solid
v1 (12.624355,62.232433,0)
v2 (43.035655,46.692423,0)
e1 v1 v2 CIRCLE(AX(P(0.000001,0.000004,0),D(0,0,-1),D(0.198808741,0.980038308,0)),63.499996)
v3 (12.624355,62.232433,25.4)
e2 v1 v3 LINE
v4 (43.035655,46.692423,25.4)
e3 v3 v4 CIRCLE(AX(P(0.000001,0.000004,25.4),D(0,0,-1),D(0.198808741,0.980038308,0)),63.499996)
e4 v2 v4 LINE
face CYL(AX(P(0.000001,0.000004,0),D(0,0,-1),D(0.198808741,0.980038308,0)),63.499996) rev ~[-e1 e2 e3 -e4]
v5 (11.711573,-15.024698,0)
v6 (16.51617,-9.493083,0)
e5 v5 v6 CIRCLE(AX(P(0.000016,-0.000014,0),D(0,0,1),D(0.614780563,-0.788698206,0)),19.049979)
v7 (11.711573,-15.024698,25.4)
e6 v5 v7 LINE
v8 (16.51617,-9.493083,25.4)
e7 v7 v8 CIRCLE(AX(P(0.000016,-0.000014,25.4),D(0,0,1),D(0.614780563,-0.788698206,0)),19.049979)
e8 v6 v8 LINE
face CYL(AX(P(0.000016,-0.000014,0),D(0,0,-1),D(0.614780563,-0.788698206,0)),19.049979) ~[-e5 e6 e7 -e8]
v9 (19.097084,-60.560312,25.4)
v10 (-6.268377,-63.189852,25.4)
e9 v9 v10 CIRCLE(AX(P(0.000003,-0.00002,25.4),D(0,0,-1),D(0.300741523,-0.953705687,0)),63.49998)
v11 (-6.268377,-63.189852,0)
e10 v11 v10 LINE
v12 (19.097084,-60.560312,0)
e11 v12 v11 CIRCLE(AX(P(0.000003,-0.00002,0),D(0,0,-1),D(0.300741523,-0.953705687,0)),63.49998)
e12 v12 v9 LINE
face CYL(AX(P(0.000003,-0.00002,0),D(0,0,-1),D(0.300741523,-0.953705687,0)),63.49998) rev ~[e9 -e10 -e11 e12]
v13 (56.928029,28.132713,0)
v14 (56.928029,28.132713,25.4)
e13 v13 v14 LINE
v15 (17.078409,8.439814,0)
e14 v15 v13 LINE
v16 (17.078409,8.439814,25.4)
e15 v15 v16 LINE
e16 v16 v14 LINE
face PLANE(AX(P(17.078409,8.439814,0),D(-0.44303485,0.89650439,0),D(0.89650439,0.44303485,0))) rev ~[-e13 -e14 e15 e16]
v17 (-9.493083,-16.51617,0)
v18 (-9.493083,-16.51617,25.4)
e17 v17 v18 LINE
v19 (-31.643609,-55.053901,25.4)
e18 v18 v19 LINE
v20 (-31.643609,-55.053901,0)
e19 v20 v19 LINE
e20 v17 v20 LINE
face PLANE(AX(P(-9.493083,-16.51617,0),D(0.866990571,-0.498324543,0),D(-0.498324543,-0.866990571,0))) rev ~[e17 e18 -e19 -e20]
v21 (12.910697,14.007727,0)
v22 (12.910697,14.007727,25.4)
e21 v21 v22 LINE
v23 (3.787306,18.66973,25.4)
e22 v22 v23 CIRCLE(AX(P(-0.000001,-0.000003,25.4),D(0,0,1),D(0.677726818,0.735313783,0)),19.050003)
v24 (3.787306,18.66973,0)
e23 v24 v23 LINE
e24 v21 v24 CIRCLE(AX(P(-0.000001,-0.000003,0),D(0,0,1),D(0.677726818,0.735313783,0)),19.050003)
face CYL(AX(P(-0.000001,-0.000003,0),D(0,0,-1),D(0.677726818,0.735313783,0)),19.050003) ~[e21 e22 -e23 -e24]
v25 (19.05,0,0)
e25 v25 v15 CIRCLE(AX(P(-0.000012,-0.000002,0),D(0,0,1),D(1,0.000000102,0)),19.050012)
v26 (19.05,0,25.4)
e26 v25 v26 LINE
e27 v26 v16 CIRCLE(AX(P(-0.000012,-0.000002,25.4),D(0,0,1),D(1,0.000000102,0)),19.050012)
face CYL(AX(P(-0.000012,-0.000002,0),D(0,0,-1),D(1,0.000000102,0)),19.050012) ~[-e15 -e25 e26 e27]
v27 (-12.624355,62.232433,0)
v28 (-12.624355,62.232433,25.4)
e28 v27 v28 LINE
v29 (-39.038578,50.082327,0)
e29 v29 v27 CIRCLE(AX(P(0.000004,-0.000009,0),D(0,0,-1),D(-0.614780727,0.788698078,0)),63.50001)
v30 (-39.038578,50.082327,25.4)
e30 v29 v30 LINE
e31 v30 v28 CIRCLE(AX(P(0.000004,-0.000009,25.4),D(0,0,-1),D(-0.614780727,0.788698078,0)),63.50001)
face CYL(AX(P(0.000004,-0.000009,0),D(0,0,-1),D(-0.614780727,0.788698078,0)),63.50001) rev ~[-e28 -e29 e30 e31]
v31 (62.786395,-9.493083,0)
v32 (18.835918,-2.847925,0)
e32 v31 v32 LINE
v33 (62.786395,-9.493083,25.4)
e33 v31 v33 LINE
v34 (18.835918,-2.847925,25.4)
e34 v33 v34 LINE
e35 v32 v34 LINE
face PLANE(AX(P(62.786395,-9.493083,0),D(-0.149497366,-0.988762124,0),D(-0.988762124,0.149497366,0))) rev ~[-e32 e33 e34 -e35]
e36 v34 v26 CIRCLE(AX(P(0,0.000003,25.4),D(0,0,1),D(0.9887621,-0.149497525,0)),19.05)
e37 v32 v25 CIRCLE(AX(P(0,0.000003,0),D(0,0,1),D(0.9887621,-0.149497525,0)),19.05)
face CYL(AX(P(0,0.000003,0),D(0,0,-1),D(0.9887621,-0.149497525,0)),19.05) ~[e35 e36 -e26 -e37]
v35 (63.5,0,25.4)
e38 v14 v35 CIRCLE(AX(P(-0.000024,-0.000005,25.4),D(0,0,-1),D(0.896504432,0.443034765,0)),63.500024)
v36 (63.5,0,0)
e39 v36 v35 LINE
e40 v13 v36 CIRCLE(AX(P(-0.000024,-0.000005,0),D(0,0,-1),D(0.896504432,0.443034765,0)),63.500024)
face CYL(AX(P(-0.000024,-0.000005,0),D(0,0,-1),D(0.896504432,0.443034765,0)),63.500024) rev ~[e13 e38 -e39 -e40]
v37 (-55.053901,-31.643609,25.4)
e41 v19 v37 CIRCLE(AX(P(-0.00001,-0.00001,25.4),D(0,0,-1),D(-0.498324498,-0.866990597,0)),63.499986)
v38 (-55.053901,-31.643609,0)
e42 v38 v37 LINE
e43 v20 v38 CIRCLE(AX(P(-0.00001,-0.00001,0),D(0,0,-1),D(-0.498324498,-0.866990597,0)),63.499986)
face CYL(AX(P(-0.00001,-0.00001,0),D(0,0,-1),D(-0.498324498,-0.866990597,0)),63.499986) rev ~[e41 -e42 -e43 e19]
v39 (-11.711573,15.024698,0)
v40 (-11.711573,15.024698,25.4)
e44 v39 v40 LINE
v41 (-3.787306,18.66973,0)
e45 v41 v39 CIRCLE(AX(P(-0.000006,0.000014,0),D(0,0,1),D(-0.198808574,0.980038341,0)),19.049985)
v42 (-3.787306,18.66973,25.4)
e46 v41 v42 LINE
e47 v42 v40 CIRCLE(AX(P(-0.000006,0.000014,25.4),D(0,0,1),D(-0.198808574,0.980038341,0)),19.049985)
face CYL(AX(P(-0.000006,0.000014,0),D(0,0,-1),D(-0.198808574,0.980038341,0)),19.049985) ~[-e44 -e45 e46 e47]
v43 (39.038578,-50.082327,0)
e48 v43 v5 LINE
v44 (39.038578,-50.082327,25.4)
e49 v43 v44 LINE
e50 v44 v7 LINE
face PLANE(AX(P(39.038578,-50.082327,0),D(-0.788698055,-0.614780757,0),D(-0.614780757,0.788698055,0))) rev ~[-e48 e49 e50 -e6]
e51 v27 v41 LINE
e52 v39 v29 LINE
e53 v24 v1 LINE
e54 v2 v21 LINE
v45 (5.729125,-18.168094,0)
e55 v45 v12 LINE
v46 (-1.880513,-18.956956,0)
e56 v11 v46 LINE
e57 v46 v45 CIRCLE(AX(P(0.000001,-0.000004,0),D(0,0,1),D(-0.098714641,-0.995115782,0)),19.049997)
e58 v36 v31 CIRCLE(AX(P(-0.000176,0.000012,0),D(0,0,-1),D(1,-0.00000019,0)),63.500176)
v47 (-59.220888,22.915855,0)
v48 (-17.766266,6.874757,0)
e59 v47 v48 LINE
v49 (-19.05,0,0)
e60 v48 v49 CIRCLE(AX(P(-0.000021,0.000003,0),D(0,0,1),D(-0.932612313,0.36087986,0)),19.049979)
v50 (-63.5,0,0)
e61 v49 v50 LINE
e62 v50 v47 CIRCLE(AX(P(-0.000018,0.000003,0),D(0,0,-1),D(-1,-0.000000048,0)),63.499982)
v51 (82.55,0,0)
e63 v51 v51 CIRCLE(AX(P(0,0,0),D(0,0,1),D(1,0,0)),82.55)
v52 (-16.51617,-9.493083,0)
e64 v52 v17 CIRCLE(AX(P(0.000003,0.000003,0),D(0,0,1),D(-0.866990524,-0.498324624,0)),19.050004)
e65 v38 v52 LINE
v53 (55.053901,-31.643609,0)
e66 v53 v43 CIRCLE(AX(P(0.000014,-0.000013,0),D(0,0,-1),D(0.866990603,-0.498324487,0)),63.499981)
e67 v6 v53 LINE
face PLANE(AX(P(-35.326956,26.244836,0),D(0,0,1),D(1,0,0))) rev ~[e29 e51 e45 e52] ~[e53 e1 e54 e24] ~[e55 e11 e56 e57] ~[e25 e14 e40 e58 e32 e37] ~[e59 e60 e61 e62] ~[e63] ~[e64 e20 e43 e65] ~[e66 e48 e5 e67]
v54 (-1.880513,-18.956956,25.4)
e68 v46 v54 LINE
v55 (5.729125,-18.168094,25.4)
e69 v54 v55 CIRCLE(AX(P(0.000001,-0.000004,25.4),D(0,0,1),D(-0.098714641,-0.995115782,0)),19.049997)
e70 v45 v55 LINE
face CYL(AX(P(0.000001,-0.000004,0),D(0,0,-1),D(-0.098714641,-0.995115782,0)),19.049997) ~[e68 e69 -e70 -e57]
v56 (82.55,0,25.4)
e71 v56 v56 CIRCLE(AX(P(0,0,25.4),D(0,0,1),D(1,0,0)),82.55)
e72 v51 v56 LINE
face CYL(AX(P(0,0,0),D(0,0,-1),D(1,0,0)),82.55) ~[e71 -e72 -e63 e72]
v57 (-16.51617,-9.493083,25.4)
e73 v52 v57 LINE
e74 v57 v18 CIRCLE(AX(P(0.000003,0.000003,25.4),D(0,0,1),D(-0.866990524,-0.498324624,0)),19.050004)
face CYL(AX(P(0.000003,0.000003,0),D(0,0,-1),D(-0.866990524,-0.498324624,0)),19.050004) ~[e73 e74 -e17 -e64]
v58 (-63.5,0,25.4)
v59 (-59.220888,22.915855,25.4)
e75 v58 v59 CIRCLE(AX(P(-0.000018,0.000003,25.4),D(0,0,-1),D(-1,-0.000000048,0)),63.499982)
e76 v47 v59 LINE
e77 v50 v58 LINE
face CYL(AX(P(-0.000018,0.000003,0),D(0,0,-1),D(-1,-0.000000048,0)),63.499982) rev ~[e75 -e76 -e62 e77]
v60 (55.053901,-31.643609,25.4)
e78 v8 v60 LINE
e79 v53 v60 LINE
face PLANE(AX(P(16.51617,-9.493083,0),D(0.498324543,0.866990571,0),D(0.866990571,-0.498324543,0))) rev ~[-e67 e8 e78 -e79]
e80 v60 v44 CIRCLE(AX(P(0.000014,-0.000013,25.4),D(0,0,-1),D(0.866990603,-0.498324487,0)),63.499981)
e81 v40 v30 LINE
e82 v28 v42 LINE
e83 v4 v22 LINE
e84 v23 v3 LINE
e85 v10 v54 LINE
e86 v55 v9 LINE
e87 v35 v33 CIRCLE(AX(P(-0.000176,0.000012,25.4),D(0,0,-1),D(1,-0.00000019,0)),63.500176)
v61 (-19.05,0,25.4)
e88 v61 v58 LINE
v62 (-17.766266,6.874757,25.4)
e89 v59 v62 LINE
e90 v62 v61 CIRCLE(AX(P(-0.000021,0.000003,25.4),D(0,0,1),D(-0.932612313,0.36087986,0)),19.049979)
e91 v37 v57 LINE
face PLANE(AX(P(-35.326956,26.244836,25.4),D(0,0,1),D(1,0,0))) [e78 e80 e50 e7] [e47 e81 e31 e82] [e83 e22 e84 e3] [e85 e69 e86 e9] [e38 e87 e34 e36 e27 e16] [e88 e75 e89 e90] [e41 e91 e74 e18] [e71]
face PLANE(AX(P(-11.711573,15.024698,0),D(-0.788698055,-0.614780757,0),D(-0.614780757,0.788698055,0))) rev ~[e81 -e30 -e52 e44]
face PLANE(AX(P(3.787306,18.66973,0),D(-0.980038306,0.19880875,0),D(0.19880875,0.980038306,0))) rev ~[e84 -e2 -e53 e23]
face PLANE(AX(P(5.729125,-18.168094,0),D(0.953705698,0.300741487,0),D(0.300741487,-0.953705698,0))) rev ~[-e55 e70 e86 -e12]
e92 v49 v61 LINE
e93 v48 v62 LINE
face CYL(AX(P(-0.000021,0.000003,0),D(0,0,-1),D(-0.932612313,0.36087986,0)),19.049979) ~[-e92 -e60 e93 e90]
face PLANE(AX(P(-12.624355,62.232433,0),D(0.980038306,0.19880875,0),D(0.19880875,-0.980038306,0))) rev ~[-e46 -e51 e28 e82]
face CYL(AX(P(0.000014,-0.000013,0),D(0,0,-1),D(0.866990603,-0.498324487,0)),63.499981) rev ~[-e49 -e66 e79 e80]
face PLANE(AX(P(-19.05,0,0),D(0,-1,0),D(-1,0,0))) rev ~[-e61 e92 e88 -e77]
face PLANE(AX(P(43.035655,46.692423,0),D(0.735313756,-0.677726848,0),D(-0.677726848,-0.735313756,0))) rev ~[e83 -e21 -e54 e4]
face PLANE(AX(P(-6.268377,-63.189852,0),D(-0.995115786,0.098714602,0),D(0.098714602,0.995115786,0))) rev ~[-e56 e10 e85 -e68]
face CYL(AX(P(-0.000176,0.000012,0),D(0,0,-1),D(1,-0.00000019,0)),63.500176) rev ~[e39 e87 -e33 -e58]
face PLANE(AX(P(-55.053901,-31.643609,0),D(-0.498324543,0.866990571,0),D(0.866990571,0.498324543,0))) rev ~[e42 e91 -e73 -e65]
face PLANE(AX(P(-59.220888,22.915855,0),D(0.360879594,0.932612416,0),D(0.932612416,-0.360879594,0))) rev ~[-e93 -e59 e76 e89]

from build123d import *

# Parameters (mm, degrees)
F0_R     = 82.55
F1_DEPTH = 25.4
F2_DEPTH = 25.4


with BuildPart() as f1:
    # F0 (on Top) → F1 (new body)
    with BuildSketch(Plane.XY):
        Circle(F0_R)
        with BuildLine():
            ThreePointArc((56.928029, 28.132713), (61.835183, 14.445071), (63.5, 0))
            ThreePointArc((63.5, 0), (63.321347, -4.759933), (62.786395, -9.493083))
            ThreePointArc((62.786395, -9.493083), (59.952025, -20.928562), (55.053901, -31.643609))
            ThreePointArc((55.053901, -31.643609), (47.94106, -41.640183), (39.038578, -50.082327))
            ThreePointArc((39.038578, -50.082327), (29.536178, -56.212669), (19.097084, -60.560312))
            ThreePointArc((19.097084, -60.560312), (6.547713, -63.161519), (-6.268377, -63.189852))
            ThreePointArc((-6.268377, -63.189852), (-19.387576, -60.467941), (-31.643609, -55.053901))
            ThreePointArc((-31.643609, -55.053901), (-44.901281, -44.901281), (-55.053901, -31.643609))
            ThreePointArc((-55.053901, -31.643609), (-61.35215, -16.375703), (-63.5, 0))
            ThreePointArc((-63.5, 0), (-62.421056, 11.655977), (-59.220888, 22.915855))
            ThreePointArc((-59.220888, 22.915855), (-50.972884, 37.868391), (-39.038578, 50.082327))
            ThreePointArc((-39.038578, 50.082327), (-26.536219, 57.689506), (-12.624355, 62.232433))
            ThreePointArc((-12.624355, 62.232433), (0, 63.5), (12.624355, 62.232433))
            ThreePointArc((12.624355, 62.232433), (28.894327, 56.545273), (43.035655, 46.692423))
            ThreePointArc((43.035655, 46.692423), (50.836013, 38.051935), (56.928029, 28.132713))
        make_face(mode=Mode.SUBTRACT)
    extrude(amount=F1_DEPTH)

    # F0 (on Top) → F2 (join)
    with BuildSketch(Plane.XY):
        with BuildLine():
            Line((-11.711573, 15.024698), (-39.038578, 50.082327))
            ThreePointArc((-39.038578, 50.082327), (-50.972884, 37.868391), (-59.220888, 22.915855))
            Line((-59.220888, 22.915855), (-17.766266, 6.874757))
            ThreePointArc((-17.766266, 6.874757), (-15.291865, 11.360517), (-11.711573, 15.024698))
        make_face()
        with BuildLine():
            Line((-19.05, 0), (-63.5, 0))
            ThreePointArc((-63.5, 0), (-61.35215, -16.375703), (-55.053901, -31.643609))
            Line((-55.053901, -31.643609), (-16.51617, -9.493083))
            ThreePointArc((-16.51617, -9.493083), (-18.405645, -4.912711), (-19.05, 0))
        make_face()
        with BuildLine():
            ThreePointArc((-31.643609, -55.053901), (-19.387576, -60.467941), (-6.268377, -63.189852))
            Line((-6.268377, -63.189852), (-1.880513, -18.956956))
            ThreePointArc((-1.880513, -18.956956), (-5.816273, -18.140382), (-9.493083, -16.51617))
            Line((-9.493083, -16.51617), (-31.643609, -55.053901))
        make_face()
        with BuildLine():
            ThreePointArc((19.097084, -60.560312), (29.536178, -56.212669), (39.038578, -50.082327))
            Line((39.038578, -50.082327), (11.711573, -15.024698))
            ThreePointArc((11.711573, -15.024698), (8.860853, -16.863801), (5.729125, -18.168094))
            Line((5.729125, -18.168094), (19.097084, -60.560312))
        make_face()
        with BuildLine():
            ThreePointArc((55.053901, -31.643609), (59.952025, -20.928562), (62.786395, -9.493083))
            Line((62.786395, -9.493083), (18.835918, -2.847925))
            ThreePointArc((18.835918, -2.847925), (17.985607, -6.278569), (16.51617, -9.493083))
            Line((16.51617, -9.493083), (55.053901, -31.643609))
        make_face()
        with BuildLine():
            Line((17.078409, 8.439814), (56.928029, 28.132713))
            ThreePointArc((56.928029, 28.132713), (50.836013, 38.051935), (43.035655, 46.692423))
            Line((43.035655, 46.692423), (12.910697, 14.007727))
            ThreePointArc((12.910697, 14.007727), (15.250804, 11.415581), (17.078409, 8.439814))
        make_face()
        with BuildLine():
            Line((3.787306, 18.66973), (12.624355, 62.232433))
            ThreePointArc((12.624355, 62.232433), (0, 63.5), (-12.624355, 62.232433))
            Line((-12.624355, 62.232433), (-3.787306, 18.66973))
            ThreePointArc((-3.787306, 18.66973), (0, 19.05), (3.787306, 18.66973))
        make_face()
        with BuildLine():
            ThreePointArc((19.05, 0), (18.550555, 4.333521), (17.078409, 8.439814))
            ThreePointArc((17.078409, 8.439814), (15.250804, 11.415581), (12.910697, 14.007727))
            ThreePointArc((12.910697, 14.007727), (8.668298, 16.963582), (3.787306, 18.66973))
            ThreePointArc((3.787306, 18.66973), (0, 19.05), (-3.787306, 18.66973))
            ThreePointArc((-3.787306, 18.66973), (-7.960866, 17.306852), (-11.711573, 15.024698))
            ThreePointArc((-11.711573, 15.024698), (-15.291865, 11.360517), (-17.766266, 6.874757))
            ThreePointArc((-17.766266, 6.874757), (-18.726317, 3.496793), (-19.05, 0))
            ThreePointArc((-19.05, 0), (-18.405645, -4.912711), (-16.51617, -9.493083))
            ThreePointArc((-16.51617, -9.493083), (-13.470384, -13.470384), (-9.493083, -16.51617))
            ThreePointArc((-9.493083, -16.51617), (-5.816273, -18.140382), (-1.880513, -18.956956))
            ThreePointArc((-1.880513, -18.956956), (1.964314, -18.948456), (5.729125, -18.168094))
            ThreePointArc((5.729125, -18.168094), (8.860853, -16.863801), (11.711573, -15.024698))
            ThreePointArc((11.711573, -15.024698), (14.382318, -12.492055), (16.51617, -9.493083))
            ThreePointArc((16.51617, -9.493083), (17.985607, -6.278569), (18.835918, -2.847925))
            ThreePointArc((18.835918, -2.847925), (18.996404, -1.42798), (19.05, 0))
        make_face()
    extrude(amount=F2_DEPTH)


solid = f1.part
